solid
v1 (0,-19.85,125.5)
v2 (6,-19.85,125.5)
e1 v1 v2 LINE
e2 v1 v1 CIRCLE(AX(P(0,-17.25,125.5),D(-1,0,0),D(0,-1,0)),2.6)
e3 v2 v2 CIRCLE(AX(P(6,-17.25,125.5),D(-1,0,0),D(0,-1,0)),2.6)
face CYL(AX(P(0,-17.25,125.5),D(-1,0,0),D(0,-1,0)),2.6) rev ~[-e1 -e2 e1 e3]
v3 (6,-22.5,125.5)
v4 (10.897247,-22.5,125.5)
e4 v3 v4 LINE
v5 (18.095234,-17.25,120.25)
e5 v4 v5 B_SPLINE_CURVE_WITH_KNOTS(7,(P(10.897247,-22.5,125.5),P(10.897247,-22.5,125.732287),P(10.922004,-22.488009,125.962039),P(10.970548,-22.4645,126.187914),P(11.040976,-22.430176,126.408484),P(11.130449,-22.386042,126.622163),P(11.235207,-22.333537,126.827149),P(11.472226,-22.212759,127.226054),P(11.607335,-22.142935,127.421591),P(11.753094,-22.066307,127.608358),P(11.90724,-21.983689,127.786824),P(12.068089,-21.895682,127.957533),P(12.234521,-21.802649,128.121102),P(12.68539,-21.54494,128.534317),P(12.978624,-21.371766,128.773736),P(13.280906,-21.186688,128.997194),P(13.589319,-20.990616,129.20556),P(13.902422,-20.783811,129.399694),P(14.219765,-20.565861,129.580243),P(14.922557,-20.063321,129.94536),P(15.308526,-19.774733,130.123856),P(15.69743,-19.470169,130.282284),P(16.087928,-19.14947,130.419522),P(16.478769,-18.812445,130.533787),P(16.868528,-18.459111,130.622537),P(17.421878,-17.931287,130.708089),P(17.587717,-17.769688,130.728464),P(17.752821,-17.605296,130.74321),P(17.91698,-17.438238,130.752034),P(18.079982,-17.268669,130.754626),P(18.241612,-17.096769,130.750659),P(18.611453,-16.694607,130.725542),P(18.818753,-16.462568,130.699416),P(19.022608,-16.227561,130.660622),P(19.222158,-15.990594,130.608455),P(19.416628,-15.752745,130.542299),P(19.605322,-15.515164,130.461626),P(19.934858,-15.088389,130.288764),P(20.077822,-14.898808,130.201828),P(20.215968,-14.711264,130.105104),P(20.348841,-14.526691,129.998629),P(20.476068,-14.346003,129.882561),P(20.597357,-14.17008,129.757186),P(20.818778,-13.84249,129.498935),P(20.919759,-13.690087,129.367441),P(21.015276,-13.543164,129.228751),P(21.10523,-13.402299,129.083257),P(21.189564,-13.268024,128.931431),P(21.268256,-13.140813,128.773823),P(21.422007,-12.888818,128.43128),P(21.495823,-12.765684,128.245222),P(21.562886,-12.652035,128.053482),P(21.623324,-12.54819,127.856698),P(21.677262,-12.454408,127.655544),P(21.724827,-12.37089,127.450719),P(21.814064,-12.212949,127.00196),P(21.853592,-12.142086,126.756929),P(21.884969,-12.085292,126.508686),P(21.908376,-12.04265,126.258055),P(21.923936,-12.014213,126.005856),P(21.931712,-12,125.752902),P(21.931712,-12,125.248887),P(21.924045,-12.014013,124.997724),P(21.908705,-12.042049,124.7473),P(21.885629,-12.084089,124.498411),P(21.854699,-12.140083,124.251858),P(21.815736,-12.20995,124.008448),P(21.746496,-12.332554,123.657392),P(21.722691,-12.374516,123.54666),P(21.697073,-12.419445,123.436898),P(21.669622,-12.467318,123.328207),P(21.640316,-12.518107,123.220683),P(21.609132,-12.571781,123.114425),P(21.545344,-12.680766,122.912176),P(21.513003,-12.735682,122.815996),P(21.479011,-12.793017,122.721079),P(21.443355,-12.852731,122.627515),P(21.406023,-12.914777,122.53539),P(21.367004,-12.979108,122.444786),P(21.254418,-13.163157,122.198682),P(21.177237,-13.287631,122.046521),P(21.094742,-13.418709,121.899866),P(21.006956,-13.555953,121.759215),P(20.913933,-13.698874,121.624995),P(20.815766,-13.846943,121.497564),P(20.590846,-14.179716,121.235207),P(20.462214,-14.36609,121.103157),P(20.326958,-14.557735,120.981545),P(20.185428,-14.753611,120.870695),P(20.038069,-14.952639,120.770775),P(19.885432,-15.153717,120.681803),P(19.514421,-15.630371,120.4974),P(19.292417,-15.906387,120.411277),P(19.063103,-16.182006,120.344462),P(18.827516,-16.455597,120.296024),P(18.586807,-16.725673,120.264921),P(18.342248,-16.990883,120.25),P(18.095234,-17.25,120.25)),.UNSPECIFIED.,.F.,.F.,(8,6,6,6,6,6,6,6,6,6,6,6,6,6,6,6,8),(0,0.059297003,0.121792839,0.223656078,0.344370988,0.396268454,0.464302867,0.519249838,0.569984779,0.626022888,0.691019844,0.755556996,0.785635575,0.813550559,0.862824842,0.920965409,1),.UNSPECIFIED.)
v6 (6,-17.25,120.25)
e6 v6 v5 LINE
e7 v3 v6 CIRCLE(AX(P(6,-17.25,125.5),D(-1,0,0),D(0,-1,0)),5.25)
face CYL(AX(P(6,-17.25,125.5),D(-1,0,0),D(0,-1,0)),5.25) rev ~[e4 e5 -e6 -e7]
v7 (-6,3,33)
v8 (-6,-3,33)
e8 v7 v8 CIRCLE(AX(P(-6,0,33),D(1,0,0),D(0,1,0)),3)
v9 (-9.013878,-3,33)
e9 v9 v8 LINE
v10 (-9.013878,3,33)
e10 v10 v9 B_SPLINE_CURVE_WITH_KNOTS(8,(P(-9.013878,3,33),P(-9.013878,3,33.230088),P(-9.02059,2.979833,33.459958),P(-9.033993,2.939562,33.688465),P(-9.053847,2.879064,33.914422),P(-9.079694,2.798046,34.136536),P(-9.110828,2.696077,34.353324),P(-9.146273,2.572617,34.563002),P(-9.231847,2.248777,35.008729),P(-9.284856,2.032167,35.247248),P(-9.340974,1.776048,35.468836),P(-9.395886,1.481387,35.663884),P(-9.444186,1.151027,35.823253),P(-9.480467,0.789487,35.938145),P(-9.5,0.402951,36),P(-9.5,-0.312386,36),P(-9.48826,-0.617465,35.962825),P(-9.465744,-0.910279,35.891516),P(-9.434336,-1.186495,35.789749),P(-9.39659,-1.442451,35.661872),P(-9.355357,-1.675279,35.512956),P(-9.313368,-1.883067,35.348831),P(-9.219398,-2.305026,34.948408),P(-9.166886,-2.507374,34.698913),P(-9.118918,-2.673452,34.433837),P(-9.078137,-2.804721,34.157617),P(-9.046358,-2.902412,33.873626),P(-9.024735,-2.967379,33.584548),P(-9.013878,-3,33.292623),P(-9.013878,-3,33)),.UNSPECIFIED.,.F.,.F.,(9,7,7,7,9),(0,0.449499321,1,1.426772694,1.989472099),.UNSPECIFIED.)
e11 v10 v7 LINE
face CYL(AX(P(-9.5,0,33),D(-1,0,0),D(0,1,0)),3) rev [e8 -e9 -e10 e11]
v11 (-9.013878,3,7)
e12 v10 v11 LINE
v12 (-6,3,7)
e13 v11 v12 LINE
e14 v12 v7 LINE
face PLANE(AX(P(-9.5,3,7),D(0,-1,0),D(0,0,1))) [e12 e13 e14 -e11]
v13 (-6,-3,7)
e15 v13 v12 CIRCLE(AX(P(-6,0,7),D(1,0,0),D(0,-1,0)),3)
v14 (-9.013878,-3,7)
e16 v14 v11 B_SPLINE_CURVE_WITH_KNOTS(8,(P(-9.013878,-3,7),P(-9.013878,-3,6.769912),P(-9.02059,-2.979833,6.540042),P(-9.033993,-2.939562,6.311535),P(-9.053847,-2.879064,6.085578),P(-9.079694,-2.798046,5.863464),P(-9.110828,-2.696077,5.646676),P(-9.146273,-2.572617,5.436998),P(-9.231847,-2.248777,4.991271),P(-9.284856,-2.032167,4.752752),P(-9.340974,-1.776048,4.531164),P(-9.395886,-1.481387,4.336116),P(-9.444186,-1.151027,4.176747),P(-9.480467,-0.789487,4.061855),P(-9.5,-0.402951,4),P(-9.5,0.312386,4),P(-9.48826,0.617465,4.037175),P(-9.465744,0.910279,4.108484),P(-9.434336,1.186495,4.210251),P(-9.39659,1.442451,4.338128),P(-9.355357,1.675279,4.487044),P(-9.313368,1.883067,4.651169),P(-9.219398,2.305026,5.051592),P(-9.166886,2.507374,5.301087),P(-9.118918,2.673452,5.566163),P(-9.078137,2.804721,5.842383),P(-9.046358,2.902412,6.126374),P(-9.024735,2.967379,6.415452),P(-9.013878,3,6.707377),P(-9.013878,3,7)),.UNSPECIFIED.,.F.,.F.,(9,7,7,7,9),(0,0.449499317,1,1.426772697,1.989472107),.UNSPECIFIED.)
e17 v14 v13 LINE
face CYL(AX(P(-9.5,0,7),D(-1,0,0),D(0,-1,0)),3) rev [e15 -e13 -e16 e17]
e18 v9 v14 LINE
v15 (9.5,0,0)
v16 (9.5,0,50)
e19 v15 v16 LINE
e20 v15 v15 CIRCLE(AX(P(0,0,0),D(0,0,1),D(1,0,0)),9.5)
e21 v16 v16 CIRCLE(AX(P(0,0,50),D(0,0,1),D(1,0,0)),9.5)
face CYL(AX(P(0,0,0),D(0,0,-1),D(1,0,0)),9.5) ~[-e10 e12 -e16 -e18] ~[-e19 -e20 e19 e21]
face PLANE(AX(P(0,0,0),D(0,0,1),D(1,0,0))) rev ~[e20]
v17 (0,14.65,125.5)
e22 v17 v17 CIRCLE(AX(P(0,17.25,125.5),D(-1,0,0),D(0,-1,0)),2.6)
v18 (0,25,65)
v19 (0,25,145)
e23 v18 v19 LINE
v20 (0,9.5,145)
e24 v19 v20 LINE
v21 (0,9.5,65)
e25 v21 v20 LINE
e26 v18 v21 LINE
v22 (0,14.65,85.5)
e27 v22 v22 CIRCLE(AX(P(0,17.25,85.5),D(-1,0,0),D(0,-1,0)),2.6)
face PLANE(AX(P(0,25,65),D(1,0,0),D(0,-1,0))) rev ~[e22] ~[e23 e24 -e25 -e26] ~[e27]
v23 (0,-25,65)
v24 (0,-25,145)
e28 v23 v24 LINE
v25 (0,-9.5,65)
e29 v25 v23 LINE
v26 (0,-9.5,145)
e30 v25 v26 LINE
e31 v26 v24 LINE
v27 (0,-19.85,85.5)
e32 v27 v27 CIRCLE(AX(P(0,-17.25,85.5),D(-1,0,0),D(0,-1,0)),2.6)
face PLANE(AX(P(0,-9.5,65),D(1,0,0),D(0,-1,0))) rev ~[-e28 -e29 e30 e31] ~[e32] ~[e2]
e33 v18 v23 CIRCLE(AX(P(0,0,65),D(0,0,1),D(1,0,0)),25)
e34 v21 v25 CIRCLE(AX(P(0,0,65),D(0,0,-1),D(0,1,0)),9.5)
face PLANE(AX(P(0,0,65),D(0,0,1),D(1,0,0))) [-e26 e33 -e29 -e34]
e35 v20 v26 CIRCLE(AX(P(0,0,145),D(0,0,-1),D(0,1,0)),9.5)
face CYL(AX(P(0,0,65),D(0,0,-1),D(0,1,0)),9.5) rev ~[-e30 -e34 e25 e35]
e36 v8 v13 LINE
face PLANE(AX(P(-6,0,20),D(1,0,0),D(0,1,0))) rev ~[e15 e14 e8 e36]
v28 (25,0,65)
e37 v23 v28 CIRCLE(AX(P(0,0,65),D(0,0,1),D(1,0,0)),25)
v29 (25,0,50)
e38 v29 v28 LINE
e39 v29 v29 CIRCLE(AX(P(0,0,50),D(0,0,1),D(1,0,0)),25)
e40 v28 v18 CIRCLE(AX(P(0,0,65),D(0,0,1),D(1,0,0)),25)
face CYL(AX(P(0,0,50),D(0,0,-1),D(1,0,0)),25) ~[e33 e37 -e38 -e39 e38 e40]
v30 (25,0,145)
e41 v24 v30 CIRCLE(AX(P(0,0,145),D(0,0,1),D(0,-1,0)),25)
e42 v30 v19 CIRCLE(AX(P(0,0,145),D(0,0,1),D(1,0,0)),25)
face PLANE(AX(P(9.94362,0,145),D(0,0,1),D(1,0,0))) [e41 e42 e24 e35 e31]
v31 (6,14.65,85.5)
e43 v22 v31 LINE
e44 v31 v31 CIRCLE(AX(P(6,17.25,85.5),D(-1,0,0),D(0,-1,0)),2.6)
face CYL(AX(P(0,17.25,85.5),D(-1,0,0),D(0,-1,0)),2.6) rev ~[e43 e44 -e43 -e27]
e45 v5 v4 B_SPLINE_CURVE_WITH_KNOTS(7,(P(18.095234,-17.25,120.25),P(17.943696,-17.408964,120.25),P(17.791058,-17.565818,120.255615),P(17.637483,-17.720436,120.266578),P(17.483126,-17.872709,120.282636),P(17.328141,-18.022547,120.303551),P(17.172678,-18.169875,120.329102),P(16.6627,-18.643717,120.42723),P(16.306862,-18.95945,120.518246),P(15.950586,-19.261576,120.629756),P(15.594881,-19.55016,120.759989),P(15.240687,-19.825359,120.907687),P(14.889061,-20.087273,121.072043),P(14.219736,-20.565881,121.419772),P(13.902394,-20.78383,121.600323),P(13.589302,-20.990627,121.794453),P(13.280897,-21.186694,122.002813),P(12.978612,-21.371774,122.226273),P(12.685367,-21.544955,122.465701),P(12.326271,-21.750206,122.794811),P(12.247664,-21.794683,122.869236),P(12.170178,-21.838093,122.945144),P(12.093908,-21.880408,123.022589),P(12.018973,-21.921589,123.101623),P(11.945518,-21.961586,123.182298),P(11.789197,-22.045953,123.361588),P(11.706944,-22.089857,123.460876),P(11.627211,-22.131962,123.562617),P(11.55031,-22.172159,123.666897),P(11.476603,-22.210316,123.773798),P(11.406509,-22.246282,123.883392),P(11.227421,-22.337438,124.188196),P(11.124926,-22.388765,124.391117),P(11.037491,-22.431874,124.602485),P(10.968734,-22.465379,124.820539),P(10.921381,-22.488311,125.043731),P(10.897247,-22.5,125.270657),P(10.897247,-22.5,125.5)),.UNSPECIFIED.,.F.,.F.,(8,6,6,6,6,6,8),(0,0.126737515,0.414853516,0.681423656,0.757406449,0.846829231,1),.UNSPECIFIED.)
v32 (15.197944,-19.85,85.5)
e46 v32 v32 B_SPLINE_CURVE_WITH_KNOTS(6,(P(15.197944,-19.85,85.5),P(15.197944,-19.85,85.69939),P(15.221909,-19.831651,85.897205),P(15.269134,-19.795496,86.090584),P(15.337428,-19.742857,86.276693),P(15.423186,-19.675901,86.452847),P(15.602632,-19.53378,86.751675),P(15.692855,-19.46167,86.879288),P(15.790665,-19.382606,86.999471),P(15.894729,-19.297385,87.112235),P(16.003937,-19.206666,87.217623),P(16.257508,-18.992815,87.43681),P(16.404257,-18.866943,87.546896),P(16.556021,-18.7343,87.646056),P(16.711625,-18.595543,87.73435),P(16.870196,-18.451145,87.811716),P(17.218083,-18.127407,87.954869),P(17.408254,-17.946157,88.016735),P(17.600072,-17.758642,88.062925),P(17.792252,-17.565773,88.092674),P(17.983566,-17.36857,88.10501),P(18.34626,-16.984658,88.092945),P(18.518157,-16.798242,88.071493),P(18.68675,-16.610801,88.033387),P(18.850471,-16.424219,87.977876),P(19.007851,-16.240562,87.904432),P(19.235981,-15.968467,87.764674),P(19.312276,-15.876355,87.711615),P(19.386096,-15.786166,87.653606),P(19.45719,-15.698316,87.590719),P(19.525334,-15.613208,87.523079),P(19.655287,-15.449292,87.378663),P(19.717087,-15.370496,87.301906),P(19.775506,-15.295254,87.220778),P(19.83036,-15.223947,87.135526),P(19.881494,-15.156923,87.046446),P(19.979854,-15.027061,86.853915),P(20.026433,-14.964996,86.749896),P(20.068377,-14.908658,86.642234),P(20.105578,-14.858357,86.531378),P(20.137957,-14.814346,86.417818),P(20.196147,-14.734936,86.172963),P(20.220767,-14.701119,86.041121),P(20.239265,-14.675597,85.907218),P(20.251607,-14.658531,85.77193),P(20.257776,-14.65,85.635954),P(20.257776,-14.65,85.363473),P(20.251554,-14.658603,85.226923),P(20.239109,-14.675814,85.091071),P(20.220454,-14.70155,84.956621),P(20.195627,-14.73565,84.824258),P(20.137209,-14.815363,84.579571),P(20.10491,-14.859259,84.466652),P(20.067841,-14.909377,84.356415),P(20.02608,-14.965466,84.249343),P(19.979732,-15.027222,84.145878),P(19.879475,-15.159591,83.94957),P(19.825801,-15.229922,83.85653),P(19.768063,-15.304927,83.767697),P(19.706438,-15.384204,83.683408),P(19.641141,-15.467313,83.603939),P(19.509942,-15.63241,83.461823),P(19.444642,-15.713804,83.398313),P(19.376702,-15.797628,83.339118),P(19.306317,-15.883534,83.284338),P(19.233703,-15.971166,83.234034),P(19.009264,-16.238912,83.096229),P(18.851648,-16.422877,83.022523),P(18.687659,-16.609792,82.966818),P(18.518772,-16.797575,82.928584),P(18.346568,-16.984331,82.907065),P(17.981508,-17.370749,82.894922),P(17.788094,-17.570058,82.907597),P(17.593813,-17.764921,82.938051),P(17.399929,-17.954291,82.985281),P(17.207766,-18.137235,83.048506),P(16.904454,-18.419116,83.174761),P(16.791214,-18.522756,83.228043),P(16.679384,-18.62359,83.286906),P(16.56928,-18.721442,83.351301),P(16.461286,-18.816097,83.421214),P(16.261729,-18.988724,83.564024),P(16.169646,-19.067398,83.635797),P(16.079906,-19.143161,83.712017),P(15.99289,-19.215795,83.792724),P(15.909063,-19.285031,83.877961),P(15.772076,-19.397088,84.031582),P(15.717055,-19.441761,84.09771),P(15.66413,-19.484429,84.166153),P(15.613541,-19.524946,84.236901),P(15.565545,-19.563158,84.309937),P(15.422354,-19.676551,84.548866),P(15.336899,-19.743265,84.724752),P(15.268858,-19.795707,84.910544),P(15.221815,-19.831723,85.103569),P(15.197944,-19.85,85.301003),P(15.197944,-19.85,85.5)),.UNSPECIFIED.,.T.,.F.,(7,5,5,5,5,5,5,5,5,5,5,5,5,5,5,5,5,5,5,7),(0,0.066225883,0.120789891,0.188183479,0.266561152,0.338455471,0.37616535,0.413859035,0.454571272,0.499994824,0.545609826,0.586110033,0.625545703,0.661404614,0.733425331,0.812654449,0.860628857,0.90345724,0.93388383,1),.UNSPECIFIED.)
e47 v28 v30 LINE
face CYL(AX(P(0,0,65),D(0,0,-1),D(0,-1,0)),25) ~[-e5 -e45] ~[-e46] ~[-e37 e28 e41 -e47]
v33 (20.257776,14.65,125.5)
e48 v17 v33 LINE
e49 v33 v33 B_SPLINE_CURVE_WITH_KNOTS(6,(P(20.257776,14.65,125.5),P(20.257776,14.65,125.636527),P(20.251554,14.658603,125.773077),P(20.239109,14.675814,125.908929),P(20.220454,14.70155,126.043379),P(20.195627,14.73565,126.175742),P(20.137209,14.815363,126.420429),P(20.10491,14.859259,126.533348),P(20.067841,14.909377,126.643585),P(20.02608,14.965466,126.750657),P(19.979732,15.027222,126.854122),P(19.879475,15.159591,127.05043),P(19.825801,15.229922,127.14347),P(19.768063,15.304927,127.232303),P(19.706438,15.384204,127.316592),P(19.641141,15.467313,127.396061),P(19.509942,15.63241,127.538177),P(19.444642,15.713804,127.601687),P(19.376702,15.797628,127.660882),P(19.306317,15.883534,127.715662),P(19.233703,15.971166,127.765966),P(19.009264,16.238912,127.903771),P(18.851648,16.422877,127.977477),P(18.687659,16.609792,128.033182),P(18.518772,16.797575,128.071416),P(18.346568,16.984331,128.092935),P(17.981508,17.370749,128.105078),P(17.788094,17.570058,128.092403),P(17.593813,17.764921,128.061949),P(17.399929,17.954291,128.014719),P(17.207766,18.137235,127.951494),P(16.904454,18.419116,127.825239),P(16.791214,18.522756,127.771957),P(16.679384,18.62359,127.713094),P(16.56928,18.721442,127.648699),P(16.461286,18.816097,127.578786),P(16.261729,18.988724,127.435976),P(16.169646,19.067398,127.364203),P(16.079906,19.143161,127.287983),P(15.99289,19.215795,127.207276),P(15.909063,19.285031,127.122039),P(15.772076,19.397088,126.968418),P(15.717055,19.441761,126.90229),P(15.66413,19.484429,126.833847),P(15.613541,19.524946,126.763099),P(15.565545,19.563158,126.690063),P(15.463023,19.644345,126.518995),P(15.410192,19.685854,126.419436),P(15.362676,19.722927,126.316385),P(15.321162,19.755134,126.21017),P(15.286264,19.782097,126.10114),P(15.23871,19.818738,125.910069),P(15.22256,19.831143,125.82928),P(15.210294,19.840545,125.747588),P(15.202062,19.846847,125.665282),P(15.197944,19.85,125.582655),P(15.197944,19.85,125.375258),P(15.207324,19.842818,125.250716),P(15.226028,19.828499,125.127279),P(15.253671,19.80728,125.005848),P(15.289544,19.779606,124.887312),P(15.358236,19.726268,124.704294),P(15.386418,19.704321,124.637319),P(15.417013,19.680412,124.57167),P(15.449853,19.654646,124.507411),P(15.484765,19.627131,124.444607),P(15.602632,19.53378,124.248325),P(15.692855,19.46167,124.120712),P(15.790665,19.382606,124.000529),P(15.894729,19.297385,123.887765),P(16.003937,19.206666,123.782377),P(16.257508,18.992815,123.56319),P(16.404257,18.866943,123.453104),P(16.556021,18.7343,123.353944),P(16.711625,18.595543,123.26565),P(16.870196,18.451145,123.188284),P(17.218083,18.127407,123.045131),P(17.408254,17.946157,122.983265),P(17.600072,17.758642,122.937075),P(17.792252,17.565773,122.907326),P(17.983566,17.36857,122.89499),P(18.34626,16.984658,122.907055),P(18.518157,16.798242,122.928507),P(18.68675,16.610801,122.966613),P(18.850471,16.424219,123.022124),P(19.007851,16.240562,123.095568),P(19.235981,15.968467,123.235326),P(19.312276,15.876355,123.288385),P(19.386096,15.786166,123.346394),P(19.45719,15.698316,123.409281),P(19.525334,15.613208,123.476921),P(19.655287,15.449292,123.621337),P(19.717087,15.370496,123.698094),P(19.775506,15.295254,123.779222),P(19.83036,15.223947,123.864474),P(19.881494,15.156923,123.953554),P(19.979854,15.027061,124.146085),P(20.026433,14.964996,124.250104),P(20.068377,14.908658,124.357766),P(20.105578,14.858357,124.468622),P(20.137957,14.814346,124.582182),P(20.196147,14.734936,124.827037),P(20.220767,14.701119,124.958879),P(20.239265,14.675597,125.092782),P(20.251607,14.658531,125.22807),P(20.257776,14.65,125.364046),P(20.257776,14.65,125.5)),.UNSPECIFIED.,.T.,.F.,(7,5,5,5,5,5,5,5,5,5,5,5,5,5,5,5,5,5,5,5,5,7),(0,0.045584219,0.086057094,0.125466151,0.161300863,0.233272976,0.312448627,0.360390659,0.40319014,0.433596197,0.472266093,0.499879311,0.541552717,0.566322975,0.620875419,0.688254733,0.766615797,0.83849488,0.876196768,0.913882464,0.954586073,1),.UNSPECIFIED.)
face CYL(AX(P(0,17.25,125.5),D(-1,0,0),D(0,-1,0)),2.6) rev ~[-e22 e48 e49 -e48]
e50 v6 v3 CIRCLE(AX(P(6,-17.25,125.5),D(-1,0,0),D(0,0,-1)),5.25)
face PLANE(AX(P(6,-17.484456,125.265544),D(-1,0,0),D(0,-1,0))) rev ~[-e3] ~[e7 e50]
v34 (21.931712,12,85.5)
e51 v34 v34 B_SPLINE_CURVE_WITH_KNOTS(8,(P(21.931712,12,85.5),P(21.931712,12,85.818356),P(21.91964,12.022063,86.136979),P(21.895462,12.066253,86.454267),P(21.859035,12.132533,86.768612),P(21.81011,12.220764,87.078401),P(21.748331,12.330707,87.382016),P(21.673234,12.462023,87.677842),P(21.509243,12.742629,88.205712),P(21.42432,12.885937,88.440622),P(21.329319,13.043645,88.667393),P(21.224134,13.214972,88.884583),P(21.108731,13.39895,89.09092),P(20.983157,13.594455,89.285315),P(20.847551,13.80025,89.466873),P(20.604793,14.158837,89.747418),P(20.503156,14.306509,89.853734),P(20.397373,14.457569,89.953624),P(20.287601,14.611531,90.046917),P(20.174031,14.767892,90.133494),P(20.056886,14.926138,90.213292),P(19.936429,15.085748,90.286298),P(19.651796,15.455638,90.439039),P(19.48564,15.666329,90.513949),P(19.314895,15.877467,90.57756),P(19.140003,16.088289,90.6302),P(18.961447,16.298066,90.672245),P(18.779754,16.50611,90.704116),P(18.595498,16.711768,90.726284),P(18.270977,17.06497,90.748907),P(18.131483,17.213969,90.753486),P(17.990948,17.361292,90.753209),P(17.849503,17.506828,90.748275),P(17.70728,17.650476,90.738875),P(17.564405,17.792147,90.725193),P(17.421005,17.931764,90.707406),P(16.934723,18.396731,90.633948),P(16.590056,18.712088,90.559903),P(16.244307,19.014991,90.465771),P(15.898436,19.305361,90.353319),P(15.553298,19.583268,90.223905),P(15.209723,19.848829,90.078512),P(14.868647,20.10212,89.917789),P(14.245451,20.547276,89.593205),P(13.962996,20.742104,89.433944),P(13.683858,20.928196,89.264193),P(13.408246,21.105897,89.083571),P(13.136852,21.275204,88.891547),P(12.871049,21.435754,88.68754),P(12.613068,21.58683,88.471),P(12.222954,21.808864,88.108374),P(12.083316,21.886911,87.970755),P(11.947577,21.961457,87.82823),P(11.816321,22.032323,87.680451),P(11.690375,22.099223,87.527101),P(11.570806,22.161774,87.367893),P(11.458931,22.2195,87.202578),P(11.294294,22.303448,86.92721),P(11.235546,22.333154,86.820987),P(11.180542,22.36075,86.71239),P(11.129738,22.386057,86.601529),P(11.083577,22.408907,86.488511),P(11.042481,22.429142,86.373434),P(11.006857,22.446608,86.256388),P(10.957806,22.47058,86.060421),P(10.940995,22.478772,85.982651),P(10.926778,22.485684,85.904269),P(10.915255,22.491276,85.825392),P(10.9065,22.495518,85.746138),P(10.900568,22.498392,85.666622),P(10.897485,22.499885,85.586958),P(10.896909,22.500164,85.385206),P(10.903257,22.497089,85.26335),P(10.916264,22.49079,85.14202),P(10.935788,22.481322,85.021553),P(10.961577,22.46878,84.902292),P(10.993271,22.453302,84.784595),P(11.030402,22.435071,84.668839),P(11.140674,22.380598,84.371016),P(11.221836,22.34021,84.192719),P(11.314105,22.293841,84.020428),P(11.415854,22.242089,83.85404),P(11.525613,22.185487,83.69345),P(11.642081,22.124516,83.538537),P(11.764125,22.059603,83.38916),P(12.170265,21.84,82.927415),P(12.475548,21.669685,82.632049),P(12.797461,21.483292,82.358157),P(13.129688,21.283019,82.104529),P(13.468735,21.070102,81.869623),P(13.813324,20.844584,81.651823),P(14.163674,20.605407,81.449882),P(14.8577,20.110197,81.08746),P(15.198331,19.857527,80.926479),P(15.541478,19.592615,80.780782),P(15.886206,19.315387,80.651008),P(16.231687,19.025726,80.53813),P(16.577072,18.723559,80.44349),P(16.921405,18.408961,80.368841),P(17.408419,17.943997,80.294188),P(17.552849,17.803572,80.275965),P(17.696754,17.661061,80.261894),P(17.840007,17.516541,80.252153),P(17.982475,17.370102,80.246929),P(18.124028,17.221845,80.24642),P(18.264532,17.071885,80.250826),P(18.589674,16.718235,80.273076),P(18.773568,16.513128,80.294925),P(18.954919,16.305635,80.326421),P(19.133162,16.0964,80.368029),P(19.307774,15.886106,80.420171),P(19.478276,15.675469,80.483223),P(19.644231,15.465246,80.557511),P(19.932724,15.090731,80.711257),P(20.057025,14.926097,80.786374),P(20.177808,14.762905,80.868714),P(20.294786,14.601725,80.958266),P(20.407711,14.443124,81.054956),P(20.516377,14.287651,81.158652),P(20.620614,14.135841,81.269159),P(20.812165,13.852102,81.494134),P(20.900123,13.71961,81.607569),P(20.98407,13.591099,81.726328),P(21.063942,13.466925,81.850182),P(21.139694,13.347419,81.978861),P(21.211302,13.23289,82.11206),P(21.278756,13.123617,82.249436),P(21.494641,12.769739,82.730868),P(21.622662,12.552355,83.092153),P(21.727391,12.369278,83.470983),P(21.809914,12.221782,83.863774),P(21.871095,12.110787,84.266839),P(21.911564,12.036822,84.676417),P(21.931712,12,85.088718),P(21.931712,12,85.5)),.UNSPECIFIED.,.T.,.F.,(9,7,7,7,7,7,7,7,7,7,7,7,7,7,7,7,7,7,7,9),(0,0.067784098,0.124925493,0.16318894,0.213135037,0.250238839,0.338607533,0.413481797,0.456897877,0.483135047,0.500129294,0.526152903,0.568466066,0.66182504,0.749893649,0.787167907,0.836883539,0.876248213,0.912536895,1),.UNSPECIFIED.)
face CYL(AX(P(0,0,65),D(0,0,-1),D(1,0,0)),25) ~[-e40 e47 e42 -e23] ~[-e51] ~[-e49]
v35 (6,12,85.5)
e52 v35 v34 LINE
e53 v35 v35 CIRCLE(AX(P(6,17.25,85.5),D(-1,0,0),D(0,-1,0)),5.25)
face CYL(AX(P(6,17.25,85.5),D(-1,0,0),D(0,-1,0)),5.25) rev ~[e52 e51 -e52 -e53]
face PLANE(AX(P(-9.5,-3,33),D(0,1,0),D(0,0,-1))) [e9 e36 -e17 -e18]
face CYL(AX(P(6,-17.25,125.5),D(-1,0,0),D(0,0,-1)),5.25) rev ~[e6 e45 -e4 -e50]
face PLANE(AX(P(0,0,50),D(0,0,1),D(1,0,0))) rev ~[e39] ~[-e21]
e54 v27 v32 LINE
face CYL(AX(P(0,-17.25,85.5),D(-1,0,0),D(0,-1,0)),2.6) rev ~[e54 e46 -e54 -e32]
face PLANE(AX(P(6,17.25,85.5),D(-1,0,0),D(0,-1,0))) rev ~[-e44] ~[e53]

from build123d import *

# Parameters (mm, degrees)
F0_R      = 9.5
F1_DEPTH  = 50
F2_R      = 25
F3_DEPTH  = 15
F5_DEPTH  = 80
F6_R      = 2.6
F7_DEPTH  = 25.001
F9_R      = 5.25
F10_DEPTH = 25
F13_DEPTH = 3.5


with BuildPart() as f1:
    # F0 (on Top) → F1 (new body)
    with BuildSketch(Plane.XY):
        Circle(F0_R)
    extrude(amount=F1_DEPTH)

    # F2 (on face) → F3 (join)
    with BuildSketch(Plane.XY.offset(50)):
        Circle(F2_R)
    extrude(amount=F3_DEPTH)

    # F4 (on face) → F5 (join)
    with BuildSketch(Plane.XY.offset(65)):
        with BuildLine():
            ThreePointArc((0, 9.5), (9.5, 0), (0, -9.5))
            Line((0, -9.5), (0, -25))
            ThreePointArc((0, -25), (17.6776695297, -17.6776695297), (25, 0))
            ThreePointArc((25, 0), (17.6776695297, 17.6776695297), (0, 25))
            Line((0, 25), (0, 9.5))
        make_face()
    extrude(amount=F5_DEPTH)

    # F6 (on face) → F7 (cut, through all)
    with BuildSketch(Plane(origin=(0, 0, 0), x_dir=(0, -1, 0), z_dir=(-1, 0, 0))):
        with Locations((17.25, 85.5)):
            Circle(F6_R)
        with Locations((17.25, 125.5)):
            Circle(F6_R)
        with Locations((-17.25, 125.5)):
            Circle(F6_R)
        with Locations((-17.25, 85.5)):
            Circle(F6_R)
    extrude(amount=-F7_DEPTH, mode=Mode.SUBTRACT)

    # F9 (on offset) → F10 (cut)
    with BuildSketch(Plane(origin=(6, 0, 0), x_dir=(0, -1, 0), z_dir=(-1, 0, 0))):
        with BuildLine():
            ThreePointArc((17.25, 120.25), (20.9623106012, 121.7876893988), (22.5, 125.5))
            ThreePointArc((22.5, 125.5), (13.5376893988, 129.2123106012), (17.25, 120.25))
        make_face()
        with Locations((-17.25, 85.5)):
            Circle(F9_R)
    extrude(amount=-F10_DEPTH, mode=Mode.SUBTRACT)

    # F12 (on offset) → F13 (cut)
    with BuildSketch(Plane.YZ.offset(-9.5)):
        with BuildLine():
            Line((-3, 33), (-3, 7))
            ThreePointArc((-3, 7), (0, 4), (3, 7))
            Line((3, 7), (3, 33))
            ThreePointArc((3, 33), (0, 36), (-3, 33))
        make_face()
    extrude(amount=F13_DEPTH, mode=Mode.SUBTRACT)


solid = f1.part
